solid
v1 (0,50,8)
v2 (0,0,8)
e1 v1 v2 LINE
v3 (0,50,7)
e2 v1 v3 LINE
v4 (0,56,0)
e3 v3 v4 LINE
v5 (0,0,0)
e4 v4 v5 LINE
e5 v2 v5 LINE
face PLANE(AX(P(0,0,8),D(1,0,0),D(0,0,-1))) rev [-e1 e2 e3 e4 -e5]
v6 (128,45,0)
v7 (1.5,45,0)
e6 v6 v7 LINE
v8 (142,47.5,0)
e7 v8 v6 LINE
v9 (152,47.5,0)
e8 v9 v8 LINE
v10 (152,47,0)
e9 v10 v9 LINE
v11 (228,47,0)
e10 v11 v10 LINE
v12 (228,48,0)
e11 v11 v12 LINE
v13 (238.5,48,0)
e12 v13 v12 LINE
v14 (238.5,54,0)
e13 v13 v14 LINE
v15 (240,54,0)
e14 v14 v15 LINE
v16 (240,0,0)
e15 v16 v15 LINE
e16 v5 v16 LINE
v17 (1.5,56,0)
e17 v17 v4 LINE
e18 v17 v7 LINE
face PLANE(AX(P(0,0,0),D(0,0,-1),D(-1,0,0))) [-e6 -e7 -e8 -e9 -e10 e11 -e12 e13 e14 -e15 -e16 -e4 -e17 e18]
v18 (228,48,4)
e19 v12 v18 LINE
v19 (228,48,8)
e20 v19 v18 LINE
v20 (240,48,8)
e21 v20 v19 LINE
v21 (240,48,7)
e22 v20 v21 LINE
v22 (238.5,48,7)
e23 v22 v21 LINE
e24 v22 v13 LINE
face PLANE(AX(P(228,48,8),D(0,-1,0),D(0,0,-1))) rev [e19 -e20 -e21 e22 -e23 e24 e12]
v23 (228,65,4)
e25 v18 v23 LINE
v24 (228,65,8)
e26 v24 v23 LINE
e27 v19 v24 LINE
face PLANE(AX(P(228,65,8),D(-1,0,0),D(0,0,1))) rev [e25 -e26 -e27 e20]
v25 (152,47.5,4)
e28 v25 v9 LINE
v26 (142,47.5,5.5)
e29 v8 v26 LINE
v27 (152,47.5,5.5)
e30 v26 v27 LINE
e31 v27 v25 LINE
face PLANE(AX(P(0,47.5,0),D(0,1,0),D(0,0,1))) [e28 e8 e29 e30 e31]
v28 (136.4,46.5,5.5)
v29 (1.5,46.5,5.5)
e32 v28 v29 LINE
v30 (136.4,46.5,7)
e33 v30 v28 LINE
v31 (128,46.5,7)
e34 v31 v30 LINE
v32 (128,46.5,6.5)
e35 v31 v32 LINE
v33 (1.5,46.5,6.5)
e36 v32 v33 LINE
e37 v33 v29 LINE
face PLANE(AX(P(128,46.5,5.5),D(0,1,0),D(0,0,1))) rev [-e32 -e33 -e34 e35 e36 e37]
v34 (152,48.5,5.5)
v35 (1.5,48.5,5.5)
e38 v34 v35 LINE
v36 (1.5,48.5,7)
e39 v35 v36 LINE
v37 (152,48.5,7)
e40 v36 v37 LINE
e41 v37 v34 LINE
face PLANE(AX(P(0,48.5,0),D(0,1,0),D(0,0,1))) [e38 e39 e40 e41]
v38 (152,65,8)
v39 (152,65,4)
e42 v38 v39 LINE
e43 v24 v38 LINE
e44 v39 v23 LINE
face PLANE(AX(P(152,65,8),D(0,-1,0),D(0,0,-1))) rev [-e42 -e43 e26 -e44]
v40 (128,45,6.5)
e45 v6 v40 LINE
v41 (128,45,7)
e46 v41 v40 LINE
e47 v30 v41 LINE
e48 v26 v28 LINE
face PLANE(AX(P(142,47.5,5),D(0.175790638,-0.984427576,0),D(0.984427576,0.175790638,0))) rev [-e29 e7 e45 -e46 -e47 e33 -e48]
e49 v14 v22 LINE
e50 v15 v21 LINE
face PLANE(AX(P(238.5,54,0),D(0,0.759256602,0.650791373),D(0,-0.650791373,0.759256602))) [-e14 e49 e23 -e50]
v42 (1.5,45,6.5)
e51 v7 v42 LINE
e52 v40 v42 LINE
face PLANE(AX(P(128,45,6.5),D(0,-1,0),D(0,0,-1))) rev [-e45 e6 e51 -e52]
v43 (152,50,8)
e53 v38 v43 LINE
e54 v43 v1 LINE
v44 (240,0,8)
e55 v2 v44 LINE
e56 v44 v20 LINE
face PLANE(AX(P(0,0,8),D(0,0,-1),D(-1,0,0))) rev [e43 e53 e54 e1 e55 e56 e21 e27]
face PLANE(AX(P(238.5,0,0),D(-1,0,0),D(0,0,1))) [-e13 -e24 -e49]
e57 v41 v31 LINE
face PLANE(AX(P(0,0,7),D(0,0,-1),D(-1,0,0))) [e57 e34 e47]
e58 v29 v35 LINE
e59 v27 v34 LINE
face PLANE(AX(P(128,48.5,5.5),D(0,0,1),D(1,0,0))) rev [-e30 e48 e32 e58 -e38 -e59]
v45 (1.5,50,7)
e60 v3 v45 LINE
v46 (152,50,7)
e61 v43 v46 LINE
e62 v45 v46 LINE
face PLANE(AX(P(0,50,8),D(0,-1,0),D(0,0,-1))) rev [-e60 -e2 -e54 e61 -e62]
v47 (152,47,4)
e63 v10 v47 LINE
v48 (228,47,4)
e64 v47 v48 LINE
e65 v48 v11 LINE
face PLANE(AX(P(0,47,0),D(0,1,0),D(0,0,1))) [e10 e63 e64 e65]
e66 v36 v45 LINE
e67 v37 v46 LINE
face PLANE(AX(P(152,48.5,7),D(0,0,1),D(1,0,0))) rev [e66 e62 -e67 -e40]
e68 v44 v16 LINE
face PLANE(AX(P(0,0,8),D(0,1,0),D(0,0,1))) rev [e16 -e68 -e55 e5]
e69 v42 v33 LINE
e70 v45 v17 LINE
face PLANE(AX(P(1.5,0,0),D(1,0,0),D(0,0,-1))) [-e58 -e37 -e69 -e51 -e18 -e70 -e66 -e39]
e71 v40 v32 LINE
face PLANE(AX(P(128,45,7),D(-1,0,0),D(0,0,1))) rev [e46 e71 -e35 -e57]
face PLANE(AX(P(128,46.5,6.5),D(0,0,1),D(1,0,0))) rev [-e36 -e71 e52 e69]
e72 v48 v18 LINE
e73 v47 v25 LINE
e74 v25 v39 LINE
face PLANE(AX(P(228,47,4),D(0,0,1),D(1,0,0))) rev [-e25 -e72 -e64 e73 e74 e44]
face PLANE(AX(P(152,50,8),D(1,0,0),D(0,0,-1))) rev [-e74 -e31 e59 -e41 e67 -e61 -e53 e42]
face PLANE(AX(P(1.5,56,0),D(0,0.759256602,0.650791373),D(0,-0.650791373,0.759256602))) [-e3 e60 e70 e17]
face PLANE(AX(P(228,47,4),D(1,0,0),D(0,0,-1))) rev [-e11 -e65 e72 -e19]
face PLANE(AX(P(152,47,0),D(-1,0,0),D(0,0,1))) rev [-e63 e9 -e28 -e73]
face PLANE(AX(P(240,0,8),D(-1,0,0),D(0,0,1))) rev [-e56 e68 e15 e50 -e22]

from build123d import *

# Parameters (mm, degrees)
SALIENTE_EXTRUIR1_DEPTH = 8
CROQUIS6_W              = 152
CROQUIS6_H              = 1.5
CORTAR_EXTRUIR10_DEPTH  = 1.5
CORTAR_EXTRUIR12_DEPTH  = 128
CROQUIS12_W             = 24
CROQUIS12_H             = 5.5
CORTAR_EXTRUIR13_DEPTH  = 1.5
CORTAR_EXTRUIR14_DEPTH  = 5.5
CORTAR_EXTRUIR16_DEPTH  = 1.5
CROQUIS17_W             = 76
CROQUIS17_H             = 4
CORTAR_EXTRUIR17_DEPTH  = 18
CROQUIS18_W             = 10
CROQUIS18_H             = 5.5
CORTAR_EXTRUIR18_DEPTH  = 1
CORTAR_EXTRUIR22_DEPTH  = 5
CORTAR_EXTRUIR23_DEPTH  = 0.5
CORTAR_EXTRUIR25_DEPTH  = 1.5
SALIENTE_EXTRUIR3_DEPTH = 1.5
SALIENTE_EXTRUIR4_DEPTH = 1.5


with BuildPart() as part:
    # Croquis2 → Saliente-Extruir1 (new body)
    with BuildSketch(Plane.XY):
        Polygon((0, 0), (240, 0), (240, 48), (228, 48), (228, 65), (152, 65), (152, 50), (0, 50), align=None)
    extrude(amount=SALIENTE_EXTRUIR1_DEPTH)

    # Croquis6 → Cortar-Extruir10 (cut)
    with BuildSketch(Plane(origin=(0, 50, 0), x_dir=(1, 0, 0), z_dir=(0, 1, 0))):
        with Locations((76, -6.25)):
            Rectangle(CROQUIS6_W, CROQUIS6_H)
    extrude(amount=-CORTAR_EXTRUIR10_DEPTH, mode=Mode.SUBTRACT)

    # Croquis9 → Cortar-Extruir12 (cut)
    with BuildSketch(Plane.ZY):
        Polygon((5.5, 48.5), (5.5, 46.5), (6.5, 46.5), (6.5, 45), (0, 45), (0, 50), (5.5, 50), align=None)
    extrude(amount=-CORTAR_EXTRUIR12_DEPTH, mode=Mode.SUBTRACT)

    # Croquis12 → Cortar-Extruir13 (cut)
    with BuildSketch(Plane(origin=(0, 50, 0), x_dir=(1, 0, 0), z_dir=(0, 1, 0))):
        with Locations((140, -2.75)):
            Rectangle(CROQUIS12_W, CROQUIS12_H)
    extrude(amount=-CORTAR_EXTRUIR13_DEPTH, mode=Mode.SUBTRACT)

    # Croquis13 → Cortar-Extruir14 (cut)
    with BuildSketch(Plane(origin=(0, 0, 0), x_dir=(-1, 0, 0), z_dir=(0, 0, -1))):
        Polygon((-142, 48.5), (-128, 45), (-128, 48.5), align=None)
    extrude(amount=-CORTAR_EXTRUIR14_DEPTH, mode=Mode.SUBTRACT)

    # Croquis14 → Cortar-Extruir16 (cut)
    with BuildSketch(Plane(origin=(0, 0, 5.5), x_dir=(-1, 0, 0), z_dir=(0, 0, -1))):
        Polygon((-128, 45), (-128, 46.5), (-134, 46.5), align=None)
    extrude(amount=-CORTAR_EXTRUIR16_DEPTH, mode=Mode.SUBTRACT)

    # Croquis17 → Cortar-Extruir17 (cut)
    with BuildSketch(Plane(origin=(0, 65, 0), x_dir=(1, 0, 0), z_dir=(0, 1, 0))):
        with Locations((190, -2)):
            Rectangle(CROQUIS17_W, CROQUIS17_H)
    extrude(amount=-CORTAR_EXTRUIR17_DEPTH, mode=Mode.SUBTRACT)

    # Croquis18 → Cortar-Extruir18 (cut)
    with BuildSketch(Plane(origin=(0, 48.5, 0), x_dir=(1, 0, 0), z_dir=(0, 1, 0))):
        with Locations((147, -2.75)):
            Rectangle(CROQUIS18_W, CROQUIS18_H)
    extrude(amount=-CORTAR_EXTRUIR18_DEPTH, mode=Mode.SUBTRACT)

    # Croquis19 → Cortar-Extruir22 (cut)
    with BuildSketch(Plane(origin=(0, 0, 0), x_dir=(-1, 0, 0), z_dir=(0, 0, -1))):
        Polygon((-142, 47.5), (-128, 45), (-142, 48.5), align=None)
    extrude(amount=-CORTAR_EXTRUIR22_DEPTH, mode=Mode.SUBTRACT)

    # Croquis20 → Cortar-Extruir23 (cut)
    with BuildSketch(Plane(origin=(0, 0, 5), x_dir=(-1, 0, 0), z_dir=(0, 0, -1))):
        Polygon((-142, 48.5), (-142, 47.5), (-128, 45), align=None)
    extrude(amount=-CORTAR_EXTRUIR23_DEPTH, mode=Mode.SUBTRACT)

    # Croquis21 → Cortar-Extruir25 (cut)
    with BuildSketch(Plane(origin=(0, 0, 5.5), x_dir=(-1, 0, 0), z_dir=(0, 0, -1))):
        Polygon((-134, 46.5), (-136.4, 46.5), (-134, 46.071428571), (-128, 45), align=None)
    extrude(amount=-CORTAR_EXTRUIR25_DEPTH, mode=Mode.SUBTRACT)

    # Croquis22 → Saliente-Extruir3 (add)
    with BuildSketch(Plane(origin=(240, 0, 0), x_dir=(0, 0, -1), z_dir=(1, 0, 0))):
        Polygon((0, 48), (0, 54), (-7, 48), align=None)
    extrude(amount=-SALIENTE_EXTRUIR3_DEPTH)

    # Croquis23 → Saliente-Extruir4 (add)
    with BuildSketch(Plane.ZY):
        Polygon((0, 50), (0, 56), (7, 50), (7, 48.5), (5.5, 48.5), (5.5, 46.5), (6.5, 46.5), (6.5, 45), (0, 45), align=None)
    extrude(amount=-SALIENTE_EXTRUIR4_DEPTH)


solid = part.part
